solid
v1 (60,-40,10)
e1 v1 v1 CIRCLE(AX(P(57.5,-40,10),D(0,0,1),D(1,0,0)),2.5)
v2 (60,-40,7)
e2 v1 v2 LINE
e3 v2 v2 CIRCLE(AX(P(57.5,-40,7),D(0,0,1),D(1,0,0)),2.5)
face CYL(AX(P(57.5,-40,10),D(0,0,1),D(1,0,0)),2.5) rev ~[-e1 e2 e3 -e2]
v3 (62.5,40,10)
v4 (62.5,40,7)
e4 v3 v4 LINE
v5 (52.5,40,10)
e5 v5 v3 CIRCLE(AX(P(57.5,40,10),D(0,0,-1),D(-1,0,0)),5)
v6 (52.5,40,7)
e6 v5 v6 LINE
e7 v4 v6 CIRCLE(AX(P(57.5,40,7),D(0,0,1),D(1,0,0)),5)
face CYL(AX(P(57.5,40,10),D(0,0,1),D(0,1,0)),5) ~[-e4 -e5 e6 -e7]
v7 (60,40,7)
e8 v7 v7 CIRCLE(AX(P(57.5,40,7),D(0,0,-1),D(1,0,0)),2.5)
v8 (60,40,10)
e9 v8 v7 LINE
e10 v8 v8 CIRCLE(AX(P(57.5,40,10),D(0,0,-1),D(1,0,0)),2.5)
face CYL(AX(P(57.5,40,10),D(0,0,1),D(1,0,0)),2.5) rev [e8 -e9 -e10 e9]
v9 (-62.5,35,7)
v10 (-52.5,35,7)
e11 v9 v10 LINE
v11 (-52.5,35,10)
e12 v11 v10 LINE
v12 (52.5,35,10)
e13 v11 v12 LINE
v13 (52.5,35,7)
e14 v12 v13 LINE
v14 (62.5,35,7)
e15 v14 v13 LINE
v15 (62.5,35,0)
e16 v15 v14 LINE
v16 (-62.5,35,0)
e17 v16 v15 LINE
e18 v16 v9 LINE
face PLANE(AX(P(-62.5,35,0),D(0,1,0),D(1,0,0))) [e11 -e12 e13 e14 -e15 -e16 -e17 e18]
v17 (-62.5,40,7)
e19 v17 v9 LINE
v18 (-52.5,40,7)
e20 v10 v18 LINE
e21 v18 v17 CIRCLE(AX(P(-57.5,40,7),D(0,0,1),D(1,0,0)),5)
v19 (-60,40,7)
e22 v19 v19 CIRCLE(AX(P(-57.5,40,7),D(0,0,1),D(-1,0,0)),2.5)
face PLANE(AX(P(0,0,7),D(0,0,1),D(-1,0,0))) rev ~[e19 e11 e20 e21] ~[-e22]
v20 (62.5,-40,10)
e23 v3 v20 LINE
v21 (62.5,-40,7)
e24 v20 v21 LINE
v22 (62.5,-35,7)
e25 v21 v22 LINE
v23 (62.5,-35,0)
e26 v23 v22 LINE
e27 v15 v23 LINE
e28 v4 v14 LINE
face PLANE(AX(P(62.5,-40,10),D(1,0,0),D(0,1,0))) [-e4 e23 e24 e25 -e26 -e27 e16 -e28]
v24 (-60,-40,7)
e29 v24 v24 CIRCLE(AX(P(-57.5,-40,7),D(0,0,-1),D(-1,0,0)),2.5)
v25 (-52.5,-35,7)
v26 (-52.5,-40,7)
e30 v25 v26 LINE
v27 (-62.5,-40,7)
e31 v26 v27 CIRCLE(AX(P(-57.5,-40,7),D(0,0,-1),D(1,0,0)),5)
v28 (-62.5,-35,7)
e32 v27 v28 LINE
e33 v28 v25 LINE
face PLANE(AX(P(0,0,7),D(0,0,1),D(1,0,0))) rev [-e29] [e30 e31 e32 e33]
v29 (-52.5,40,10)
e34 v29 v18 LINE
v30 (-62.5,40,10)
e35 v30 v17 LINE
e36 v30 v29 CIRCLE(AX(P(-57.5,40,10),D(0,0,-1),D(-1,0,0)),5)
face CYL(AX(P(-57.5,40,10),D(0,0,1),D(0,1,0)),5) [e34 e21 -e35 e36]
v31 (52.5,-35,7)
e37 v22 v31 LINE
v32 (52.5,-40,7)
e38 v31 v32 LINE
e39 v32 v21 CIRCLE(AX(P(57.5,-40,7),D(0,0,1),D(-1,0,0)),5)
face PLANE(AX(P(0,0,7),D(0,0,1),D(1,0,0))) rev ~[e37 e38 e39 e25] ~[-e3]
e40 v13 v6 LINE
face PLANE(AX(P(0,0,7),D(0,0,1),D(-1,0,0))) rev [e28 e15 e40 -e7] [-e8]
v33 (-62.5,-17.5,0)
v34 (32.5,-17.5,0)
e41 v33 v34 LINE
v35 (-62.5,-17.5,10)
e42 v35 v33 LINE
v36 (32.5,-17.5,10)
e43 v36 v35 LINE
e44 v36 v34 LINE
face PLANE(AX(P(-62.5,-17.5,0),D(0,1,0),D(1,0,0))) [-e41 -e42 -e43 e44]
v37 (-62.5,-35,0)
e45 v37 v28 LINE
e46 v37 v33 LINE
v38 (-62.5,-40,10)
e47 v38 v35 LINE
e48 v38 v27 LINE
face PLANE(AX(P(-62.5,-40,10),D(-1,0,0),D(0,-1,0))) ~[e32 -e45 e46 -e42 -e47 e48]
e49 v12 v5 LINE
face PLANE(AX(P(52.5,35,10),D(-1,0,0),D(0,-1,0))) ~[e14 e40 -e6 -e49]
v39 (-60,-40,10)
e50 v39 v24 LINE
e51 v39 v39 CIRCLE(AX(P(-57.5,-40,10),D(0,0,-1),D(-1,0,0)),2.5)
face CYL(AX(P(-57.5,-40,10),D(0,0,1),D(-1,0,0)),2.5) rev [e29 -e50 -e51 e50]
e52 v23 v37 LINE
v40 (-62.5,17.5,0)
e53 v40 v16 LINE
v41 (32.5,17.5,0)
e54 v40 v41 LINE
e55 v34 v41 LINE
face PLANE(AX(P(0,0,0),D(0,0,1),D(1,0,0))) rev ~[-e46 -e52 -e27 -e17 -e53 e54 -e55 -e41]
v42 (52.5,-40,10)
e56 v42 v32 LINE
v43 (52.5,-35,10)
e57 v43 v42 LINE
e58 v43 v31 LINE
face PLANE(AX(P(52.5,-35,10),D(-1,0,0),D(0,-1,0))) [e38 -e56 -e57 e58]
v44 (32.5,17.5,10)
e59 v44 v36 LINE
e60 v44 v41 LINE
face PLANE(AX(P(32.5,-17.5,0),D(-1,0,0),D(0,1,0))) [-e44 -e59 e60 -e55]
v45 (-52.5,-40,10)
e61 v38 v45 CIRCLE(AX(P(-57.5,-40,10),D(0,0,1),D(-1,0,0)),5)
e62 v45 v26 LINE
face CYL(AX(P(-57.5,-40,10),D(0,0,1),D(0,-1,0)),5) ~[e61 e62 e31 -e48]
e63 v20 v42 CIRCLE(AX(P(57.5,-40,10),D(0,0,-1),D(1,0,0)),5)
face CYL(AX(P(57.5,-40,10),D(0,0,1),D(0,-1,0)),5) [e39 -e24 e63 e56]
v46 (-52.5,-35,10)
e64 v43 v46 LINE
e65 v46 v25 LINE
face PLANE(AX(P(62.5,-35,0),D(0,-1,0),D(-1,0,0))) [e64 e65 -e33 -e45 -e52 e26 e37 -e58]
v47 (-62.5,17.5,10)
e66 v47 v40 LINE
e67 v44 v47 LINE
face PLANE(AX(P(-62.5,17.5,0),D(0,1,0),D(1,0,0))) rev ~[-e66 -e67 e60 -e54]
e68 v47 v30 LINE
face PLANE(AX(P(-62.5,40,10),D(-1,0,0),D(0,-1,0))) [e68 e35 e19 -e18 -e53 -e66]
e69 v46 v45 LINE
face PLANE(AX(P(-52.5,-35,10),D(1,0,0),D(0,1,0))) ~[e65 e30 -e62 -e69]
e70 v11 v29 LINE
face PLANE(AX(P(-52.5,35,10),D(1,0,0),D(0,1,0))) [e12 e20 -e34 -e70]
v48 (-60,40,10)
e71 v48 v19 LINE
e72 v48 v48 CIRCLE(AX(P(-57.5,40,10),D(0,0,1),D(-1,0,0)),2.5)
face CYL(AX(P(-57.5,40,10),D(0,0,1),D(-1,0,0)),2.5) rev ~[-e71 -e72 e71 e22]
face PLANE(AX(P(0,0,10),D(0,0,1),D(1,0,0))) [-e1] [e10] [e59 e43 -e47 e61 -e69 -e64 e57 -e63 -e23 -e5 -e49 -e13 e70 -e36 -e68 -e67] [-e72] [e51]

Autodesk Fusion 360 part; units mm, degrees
sketch "Sketch1" plane through (0, 0, 0) normal (0, 0, 1) x (1, 0, 0)
  line L0 (62.5, -35) -> (-62.5, -35)
  line L1 (-62.5, -35) -> (-62.5, 35)
  line L2 (-62.5, 35) -> (62.5, 35)
  line L3 (62.5, 35) -> (62.5, -35)
  line L4 (62.5, -35) -> (-62.5, 35) construction
  line L5 (-62.5, -35) -> (62.5, 35) construction
  dimension "d1" = 125
  dimension "d2" = 70
extrude "Extrude1" add sketch "Sketch1" along normal blind 10
sketch "Sketch2" plane through (0, 0, 10) normal (0, 0, 1) x (-1, 0, 0)
  line L0 (-62.5, -35) -> (62.5, -35)
  line L1 (62.5, -35) -> (62.5, 35)
  line L2 (62.5, 35) -> (-62.5, 35)
  line L3 (-62.5, 35) -> (-62.5, -35)
sketch "Sketch3" plane through (0, 0, 0) normal (0, 0, -1) x (1, 0, 0)
  line L0 (-62.5, -35) -> (62.5, -35)
  line L1 (62.5, -35) -> (62.5, 35)
  line L2 (62.5, 35) -> (-62.5, 35)
  line L3 (-62.5, 35) -> (-62.5, -35)
  line L4 (-62.5, 0) -> (-62.5, 17.5)
  line L5 (-62.5, 0) -> (-62.5, -17.5)
  line L6 (-62.5, 17.5) -> (32.5, 17.5)
  line L7 (32.5, 17.5) -> (32.5, -17.5)
  line L8 (-62.5, -17.5) -> (32.5, -17.5)
  dimension "d5" = 17.5
  dimension "d6" = 17.5
  dimension "d7" = 95
  dimension "d8" = 35
extrude "Extrude2" cut sketch "Sketch3" against normal blind 8 contours L3 L4 L5 L6 L7 L8
extrude "Extrude3" cut 1 faces at (-30.8333, -5.8333, 8) along direction (0, 0, 1) blind 30
sketch "Sketch4" plane through (0, 0, 10) normal (0, 0, 1) x (-1, 0, 0)
  line L0 (62.5, -35) -> (52.5, -35)
  line L1 (52.5, -35) -> (52.5, -40)
  line L2 (62.5, -40) -> (62.5, -35)
  arc A0 (57.5, -45) -> (62.5, -40) centre (57.5, -40) ccw
  arc A1 (52.5, -40) -> (57.5, -45) centre (57.5, -40) ccw
  circle A2 centre (57.5, -40) radius 2.5
  point P0 (62.5, -45)
  dimension "d13" = 10
  dimension "d14" = 10
  dimension "d15" = 5
  dimension "d16" = 5
  dimension "d17" = 5
extrude "Extrude4" add sketch "Sketch4" against normal blind 3
mirror "Mirror1" about plane through (0, 0, 0) normal (1, 0, 0) of "Extrude4"
mirror "Mirror2" about plane through (0, 0, 0) normal (0, 1, 0) of "Extrude4", "Mirror1"
equation "d5 = ( 35 / 2 ) * 1 mm"
